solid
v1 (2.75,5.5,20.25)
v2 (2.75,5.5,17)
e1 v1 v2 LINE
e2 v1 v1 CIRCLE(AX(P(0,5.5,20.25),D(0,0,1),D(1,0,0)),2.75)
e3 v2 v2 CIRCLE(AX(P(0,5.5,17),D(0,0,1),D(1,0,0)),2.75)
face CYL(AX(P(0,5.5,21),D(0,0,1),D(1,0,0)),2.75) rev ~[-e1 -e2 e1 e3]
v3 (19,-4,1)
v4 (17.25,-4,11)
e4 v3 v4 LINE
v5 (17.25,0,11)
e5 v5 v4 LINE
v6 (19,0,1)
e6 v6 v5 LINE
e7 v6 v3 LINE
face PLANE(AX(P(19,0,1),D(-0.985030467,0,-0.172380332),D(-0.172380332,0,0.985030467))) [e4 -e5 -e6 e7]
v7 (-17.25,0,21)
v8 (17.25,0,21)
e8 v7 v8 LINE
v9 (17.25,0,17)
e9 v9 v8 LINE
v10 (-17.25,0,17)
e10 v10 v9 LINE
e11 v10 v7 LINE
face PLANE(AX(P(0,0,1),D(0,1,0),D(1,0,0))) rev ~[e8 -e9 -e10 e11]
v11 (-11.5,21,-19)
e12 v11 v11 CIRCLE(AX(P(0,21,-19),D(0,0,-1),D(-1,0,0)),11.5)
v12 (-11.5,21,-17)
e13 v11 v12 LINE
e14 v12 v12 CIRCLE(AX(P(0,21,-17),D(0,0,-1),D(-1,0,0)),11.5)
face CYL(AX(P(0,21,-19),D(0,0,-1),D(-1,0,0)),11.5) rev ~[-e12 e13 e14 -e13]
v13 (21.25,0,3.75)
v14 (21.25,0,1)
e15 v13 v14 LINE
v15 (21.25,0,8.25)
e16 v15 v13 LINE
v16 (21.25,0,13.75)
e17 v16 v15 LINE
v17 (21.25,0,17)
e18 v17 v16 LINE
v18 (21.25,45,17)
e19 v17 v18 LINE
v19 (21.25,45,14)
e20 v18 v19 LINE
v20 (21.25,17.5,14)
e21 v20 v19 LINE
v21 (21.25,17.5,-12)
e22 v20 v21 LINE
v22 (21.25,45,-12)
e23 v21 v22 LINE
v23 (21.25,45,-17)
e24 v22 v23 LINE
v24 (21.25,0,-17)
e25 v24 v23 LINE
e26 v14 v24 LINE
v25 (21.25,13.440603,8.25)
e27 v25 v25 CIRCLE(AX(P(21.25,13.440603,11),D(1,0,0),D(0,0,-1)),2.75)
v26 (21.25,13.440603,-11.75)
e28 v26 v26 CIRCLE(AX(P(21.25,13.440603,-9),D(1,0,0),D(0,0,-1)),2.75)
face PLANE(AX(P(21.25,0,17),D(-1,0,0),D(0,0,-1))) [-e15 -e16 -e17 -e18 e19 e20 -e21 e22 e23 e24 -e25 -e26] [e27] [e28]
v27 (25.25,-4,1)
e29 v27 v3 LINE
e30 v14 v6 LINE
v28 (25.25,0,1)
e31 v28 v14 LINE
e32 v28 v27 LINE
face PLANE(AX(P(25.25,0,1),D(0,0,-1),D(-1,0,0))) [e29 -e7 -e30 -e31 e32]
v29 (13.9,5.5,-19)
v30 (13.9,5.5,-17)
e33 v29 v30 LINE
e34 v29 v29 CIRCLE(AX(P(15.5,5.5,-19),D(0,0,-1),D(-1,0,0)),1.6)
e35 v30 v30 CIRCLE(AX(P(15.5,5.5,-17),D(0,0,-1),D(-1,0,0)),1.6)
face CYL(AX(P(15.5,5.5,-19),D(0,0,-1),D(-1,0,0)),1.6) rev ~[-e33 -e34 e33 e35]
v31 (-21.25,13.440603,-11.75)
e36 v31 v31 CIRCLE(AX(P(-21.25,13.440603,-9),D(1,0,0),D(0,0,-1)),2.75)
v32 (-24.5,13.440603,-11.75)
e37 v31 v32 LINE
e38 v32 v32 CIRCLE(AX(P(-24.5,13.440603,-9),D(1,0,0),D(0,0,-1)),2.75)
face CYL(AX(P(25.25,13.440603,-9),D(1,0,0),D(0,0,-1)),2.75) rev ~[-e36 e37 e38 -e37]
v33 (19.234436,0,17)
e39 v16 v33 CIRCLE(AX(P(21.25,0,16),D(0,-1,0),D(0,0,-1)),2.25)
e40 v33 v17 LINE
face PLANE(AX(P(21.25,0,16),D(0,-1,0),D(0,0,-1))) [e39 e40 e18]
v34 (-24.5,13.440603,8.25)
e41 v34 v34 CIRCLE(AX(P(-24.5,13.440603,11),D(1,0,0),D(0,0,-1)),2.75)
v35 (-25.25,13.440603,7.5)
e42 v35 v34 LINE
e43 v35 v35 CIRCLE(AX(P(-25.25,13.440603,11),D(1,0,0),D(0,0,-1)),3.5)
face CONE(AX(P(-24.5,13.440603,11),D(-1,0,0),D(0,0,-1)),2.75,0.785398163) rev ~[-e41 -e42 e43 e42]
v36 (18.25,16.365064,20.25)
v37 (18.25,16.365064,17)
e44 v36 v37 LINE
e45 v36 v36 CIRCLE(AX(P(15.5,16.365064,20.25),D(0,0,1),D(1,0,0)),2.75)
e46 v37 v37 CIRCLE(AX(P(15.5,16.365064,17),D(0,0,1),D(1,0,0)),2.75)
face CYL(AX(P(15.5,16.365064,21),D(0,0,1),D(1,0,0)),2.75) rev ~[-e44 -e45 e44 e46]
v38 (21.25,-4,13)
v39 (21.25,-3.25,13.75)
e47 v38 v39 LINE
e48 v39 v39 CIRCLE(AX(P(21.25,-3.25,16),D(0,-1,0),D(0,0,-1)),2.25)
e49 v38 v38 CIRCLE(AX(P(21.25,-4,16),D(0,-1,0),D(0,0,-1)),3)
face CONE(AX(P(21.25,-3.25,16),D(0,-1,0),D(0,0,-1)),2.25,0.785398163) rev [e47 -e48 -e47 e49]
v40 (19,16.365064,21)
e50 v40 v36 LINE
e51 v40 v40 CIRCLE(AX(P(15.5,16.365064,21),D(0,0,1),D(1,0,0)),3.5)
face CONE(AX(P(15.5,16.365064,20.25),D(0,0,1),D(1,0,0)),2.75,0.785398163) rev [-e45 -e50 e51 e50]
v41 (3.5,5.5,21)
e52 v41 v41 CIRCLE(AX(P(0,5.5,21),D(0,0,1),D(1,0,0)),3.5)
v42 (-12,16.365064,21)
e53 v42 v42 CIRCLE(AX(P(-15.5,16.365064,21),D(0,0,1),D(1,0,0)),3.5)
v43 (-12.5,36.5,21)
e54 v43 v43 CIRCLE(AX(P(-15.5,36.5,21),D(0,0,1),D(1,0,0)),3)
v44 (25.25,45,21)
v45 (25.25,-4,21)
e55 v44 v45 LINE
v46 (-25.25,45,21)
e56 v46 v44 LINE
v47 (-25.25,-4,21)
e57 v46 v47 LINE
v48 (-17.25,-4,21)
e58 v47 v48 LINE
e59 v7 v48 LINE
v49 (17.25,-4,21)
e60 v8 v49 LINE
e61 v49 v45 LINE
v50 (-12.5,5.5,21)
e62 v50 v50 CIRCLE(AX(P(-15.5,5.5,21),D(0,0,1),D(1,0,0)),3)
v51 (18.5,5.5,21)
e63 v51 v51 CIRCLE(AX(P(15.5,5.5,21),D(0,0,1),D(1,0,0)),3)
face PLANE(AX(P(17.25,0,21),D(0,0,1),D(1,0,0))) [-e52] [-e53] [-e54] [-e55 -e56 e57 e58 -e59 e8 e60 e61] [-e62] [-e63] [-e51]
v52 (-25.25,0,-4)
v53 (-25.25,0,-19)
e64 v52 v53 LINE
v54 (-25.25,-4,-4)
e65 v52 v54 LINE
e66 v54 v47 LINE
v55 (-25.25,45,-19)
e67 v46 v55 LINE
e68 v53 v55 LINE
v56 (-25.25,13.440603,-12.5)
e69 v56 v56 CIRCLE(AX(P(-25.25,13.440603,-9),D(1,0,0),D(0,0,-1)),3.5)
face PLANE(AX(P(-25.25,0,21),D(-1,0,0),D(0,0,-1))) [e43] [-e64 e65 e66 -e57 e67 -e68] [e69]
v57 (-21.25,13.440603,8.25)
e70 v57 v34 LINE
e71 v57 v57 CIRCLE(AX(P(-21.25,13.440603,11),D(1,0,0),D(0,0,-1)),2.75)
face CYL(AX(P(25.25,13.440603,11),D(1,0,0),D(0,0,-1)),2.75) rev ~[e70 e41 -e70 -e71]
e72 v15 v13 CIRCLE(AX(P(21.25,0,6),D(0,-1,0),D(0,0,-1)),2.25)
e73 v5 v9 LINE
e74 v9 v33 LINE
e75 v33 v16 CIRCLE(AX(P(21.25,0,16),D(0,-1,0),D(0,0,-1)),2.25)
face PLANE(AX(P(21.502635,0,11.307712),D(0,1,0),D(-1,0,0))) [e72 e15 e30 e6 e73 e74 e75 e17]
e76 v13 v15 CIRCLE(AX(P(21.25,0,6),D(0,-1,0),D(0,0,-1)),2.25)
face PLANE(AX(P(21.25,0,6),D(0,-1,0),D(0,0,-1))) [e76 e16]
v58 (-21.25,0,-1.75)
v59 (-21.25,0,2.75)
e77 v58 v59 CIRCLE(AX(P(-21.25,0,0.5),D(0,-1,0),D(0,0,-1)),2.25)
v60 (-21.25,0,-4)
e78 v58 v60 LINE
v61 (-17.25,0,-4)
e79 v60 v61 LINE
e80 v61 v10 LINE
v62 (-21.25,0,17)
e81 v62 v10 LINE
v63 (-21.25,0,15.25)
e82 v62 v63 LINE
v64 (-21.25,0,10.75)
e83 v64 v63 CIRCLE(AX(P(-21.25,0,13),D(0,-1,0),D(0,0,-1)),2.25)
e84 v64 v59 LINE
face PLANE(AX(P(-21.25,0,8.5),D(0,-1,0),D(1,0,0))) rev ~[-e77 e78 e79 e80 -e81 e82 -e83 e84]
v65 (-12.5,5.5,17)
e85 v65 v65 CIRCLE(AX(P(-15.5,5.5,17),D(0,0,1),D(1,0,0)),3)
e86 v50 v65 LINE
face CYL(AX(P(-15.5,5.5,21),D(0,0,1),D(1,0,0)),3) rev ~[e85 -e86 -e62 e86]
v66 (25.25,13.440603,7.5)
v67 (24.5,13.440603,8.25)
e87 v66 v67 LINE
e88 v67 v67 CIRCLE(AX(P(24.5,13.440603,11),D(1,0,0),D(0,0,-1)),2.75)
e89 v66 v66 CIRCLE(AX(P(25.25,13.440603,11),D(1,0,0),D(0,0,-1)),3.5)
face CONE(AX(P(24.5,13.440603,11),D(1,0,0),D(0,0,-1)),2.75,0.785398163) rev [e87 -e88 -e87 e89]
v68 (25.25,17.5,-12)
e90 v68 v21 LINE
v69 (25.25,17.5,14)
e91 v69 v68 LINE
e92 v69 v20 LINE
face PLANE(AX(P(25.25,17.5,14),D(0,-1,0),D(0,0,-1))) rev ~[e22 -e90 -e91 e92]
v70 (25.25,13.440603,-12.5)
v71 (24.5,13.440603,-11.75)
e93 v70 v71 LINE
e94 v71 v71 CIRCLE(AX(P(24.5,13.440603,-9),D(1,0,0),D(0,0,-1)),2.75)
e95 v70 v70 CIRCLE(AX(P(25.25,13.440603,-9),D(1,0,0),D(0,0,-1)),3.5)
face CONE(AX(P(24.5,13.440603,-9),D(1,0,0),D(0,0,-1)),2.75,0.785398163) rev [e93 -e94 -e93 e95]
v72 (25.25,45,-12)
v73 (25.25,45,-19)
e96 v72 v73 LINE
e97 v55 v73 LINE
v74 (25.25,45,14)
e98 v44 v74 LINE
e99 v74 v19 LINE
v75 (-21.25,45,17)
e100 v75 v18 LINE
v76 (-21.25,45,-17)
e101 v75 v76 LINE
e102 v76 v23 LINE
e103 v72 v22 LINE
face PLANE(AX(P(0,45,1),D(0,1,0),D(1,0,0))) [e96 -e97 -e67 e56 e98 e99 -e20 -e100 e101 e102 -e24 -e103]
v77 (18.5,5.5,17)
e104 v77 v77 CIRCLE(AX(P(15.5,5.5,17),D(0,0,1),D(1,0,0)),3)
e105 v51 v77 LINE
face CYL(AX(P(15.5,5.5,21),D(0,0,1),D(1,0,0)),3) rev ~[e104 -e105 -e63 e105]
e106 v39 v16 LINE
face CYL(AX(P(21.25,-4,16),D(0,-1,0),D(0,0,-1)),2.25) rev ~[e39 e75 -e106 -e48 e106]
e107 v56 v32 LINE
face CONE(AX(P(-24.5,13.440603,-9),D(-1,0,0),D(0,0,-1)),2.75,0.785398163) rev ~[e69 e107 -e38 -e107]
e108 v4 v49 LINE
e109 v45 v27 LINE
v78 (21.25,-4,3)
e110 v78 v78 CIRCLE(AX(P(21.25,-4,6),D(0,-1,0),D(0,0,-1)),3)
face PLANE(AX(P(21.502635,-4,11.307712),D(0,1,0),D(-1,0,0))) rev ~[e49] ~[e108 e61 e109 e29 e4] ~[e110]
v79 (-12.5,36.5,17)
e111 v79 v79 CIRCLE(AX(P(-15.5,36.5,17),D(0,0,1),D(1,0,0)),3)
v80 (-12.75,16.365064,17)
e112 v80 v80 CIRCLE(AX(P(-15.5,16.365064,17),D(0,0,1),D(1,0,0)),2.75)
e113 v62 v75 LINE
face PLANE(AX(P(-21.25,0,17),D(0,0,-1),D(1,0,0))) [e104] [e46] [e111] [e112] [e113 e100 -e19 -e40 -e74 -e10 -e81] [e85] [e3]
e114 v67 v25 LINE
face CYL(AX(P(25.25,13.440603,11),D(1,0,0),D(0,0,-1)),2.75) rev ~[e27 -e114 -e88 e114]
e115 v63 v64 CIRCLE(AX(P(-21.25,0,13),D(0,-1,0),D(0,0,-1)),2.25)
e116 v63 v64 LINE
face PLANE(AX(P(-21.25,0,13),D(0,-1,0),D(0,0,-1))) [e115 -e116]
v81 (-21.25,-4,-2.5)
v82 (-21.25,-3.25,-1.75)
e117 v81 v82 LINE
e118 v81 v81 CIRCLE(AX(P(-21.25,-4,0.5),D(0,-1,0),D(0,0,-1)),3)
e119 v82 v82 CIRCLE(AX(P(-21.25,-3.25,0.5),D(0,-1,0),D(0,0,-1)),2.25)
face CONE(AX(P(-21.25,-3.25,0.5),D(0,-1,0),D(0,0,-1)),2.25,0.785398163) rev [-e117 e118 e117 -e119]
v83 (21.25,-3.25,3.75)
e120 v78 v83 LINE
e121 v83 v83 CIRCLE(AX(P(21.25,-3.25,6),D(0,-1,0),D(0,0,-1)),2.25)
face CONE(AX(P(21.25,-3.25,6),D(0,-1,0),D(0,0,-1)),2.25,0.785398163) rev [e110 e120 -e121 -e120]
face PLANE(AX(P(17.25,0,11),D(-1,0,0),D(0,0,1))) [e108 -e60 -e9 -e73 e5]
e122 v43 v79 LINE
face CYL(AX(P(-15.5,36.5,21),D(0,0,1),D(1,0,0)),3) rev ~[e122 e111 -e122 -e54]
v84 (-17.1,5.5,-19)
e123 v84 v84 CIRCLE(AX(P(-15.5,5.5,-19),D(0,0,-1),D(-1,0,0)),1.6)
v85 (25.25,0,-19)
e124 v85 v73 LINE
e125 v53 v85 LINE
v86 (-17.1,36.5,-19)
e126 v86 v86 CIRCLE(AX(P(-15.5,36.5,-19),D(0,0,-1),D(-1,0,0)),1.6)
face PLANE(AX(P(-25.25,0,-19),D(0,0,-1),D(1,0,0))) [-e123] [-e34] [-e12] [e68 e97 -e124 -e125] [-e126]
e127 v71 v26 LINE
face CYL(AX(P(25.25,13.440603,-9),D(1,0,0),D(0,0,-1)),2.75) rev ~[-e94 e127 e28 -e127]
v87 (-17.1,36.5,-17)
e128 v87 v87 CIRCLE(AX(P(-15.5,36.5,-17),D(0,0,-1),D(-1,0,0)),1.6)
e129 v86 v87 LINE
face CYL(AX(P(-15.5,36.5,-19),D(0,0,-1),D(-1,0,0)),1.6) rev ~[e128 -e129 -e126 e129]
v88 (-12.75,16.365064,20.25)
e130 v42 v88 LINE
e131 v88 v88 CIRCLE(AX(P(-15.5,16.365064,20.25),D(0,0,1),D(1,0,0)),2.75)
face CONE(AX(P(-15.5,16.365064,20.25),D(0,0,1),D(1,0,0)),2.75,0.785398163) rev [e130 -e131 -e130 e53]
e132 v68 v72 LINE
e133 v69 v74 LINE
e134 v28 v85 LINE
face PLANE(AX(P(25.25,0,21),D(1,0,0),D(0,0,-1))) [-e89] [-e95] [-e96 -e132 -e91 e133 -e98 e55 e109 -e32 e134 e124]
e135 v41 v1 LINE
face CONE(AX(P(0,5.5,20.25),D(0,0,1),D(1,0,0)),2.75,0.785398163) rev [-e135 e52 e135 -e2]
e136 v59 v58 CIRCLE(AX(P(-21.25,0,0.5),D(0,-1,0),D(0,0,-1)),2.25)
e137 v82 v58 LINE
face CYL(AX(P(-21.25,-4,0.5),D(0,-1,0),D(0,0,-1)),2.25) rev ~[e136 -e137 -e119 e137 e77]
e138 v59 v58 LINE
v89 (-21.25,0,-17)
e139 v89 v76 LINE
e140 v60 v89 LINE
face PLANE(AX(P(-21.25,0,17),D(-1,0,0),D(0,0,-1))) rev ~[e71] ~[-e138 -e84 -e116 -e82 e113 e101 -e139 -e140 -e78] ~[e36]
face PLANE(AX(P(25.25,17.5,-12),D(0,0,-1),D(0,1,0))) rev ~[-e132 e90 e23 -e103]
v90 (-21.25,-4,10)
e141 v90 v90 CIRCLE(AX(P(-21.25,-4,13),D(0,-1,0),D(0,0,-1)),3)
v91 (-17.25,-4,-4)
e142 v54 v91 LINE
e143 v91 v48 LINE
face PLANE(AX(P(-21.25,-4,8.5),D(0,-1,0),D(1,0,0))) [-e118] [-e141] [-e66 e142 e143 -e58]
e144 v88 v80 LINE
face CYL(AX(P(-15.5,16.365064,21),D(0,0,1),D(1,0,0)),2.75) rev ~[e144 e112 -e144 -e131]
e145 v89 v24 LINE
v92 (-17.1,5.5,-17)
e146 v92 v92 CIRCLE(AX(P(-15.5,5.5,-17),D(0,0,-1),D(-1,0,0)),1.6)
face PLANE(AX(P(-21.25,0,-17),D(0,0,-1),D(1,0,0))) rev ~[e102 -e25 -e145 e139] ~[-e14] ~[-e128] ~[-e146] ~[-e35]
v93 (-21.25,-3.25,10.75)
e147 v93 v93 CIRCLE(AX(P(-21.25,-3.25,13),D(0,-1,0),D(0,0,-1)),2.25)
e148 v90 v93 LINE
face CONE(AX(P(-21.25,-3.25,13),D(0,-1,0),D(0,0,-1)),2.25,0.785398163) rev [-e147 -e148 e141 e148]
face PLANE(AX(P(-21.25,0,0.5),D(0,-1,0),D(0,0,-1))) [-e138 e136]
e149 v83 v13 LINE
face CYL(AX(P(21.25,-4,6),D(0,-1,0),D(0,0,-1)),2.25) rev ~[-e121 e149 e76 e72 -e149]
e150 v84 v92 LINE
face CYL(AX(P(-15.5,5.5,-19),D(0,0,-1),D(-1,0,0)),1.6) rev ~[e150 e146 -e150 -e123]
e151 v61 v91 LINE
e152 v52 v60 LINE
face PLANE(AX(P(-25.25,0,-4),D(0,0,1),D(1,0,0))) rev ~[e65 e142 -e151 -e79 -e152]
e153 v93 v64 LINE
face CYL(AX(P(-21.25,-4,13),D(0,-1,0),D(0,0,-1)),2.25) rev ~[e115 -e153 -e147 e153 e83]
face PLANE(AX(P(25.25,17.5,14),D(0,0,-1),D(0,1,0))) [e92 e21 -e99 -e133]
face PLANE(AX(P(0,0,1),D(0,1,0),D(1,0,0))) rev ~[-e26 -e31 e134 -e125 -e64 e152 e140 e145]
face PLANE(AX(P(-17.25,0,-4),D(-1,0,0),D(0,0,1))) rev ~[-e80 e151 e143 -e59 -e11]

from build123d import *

# Parameters (mm, degrees)
SKETCH2_W           = 50.5
SKETCH2_H           = 40
SKETCH2_W_2         = 42.5
SKETCH2_H_2         = 34
BOSS_EXTRUDE1_DEPTH = 45
CUT_EXTRUDE1_REACH  = 72.825
SKETCH3_W           = 26
SKETCH3_H           = 27.5
CUT_EXTRUDE2_REACH  = 67.288
SKETCH4_R           = 11.5
SKETCH4_R_2         = 1.6
CUT_EXTRUDE3_REACH  = 67.288
SKETCH5_R           = 3
CUT_EXTRUDE4_REACH  = 67.288
SKETCH6_R           = 2.75
SKETCH7_R           = 2.75
CUT_EXTRUDE5_DEPTH  = 71.825489762
SKETCH8_W           = 8
SKETCH8_H           = 25
BOSS_EXTRUDE2_DEPTH = 4
SKETCH9_R           = 2.25
CUT_EXTRUDE6_DEPTH  = 4
CHAMFER1_SIZE       = 0.75


with BuildPart() as part:
    # Sketch2 → Boss-Extrude1 (new body)
    with BuildSketch(Plane(origin=(0, 0, 0), x_dir=(1, 0, 0), z_dir=(0, 1, 0))):
        with Locations((0, -1)):
            Rectangle(SKETCH2_W, SKETCH2_H)
        Rectangle(SKETCH2_W_2, SKETCH2_H_2, mode=Mode.SUBTRACT)
    extrude(amount=BOSS_EXTRUDE1_DEPTH)

    # Sketch3 → Cut-Extrude1 (cut, up to next)
    with BuildSketch(Plane(origin=(25.25, 0, 0), x_dir=(0, 0, -1), z_dir=(1, 0, 0)), mode=Mode.PRIVATE) as cut_extrude1_sk1:
        with Locations((-1, 31.25)):
            Rectangle(SKETCH3_W, SKETCH3_H)
    cut_extrude1_tool1 = extrude(cut_extrude1_sk1.sketch, amount=-CUT_EXTRUDE1_REACH, mode=Mode.PRIVATE) & part.part
    add(cut_extrude1_tool1.solids().sort_by_distance((25.25, 31.25, 1))[0], mode=Mode.SUBTRACT)

    # Sketch4 → Cut-Extrude2 (cut, up to next)
    with BuildSketch(Plane(origin=(0, 0, -19), x_dir=(-1, 0, 0), z_dir=(0, 0, -1)), mode=Mode.PRIVATE) as cut_extrude2_sk1:
        with Locations((0, 21)):
            Circle(SKETCH4_R)
    cut_extrude2_tool1 = extrude(cut_extrude2_sk1.sketch, amount=-CUT_EXTRUDE2_REACH, mode=Mode.PRIVATE) & part.part
    # Sketch4 → Cut-Extrude2 (cut, up to next)
    with BuildSketch(Plane(origin=(0, 0, -19), x_dir=(-1, 0, 0), z_dir=(0, 0, -1)), mode=Mode.PRIVATE) as cut_extrude2_sk2:
        with Locations((-15.5, 5.5)):
            Circle(SKETCH4_R_2)
    cut_extrude2_tool2 = extrude(cut_extrude2_sk2.sketch, amount=-CUT_EXTRUDE2_REACH, mode=Mode.PRIVATE) & part.part
    # Sketch4 → Cut-Extrude2 (cut, up to next)
    with BuildSketch(Plane(origin=(0, 0, -19), x_dir=(-1, 0, 0), z_dir=(0, 0, -1)), mode=Mode.PRIVATE) as cut_extrude2_sk3:
        with Locations((15.5, 5.5)):
            Circle(SKETCH4_R_2)
    cut_extrude2_tool3 = extrude(cut_extrude2_sk3.sketch, amount=-CUT_EXTRUDE2_REACH, mode=Mode.PRIVATE) & part.part
    # Sketch4 → Cut-Extrude2 (cut, up to next)
    with BuildSketch(Plane(origin=(0, 0, -19), x_dir=(-1, 0, 0), z_dir=(0, 0, -1)), mode=Mode.PRIVATE) as cut_extrude2_sk4:
        with Locations((15.5, 36.5)):
            Circle(SKETCH4_R_2)
    cut_extrude2_tool4 = extrude(cut_extrude2_sk4.sketch, amount=-CUT_EXTRUDE2_REACH, mode=Mode.PRIVATE) & part.part
    add(cut_extrude2_tool1.solids().sort_by_distance((0, 21, -19))[0], mode=Mode.SUBTRACT)
    add(cut_extrude2_tool2.solids().sort_by_distance((15.5, 5.5, -19))[0], mode=Mode.SUBTRACT)
    add(cut_extrude2_tool3.solids().sort_by_distance((-15.5, 5.5, -19))[0], mode=Mode.SUBTRACT)
    add(cut_extrude2_tool4.solids().sort_by_distance((-15.5, 36.5, -19))[0], mode=Mode.SUBTRACT)

    # Sketch5 → Cut-Extrude3 (cut, up to next)
    with BuildSketch(Plane.XY.offset(21), mode=Mode.PRIVATE) as cut_extrude3_sk1:
        with Locations((-15.5, 36.5)):
            Circle(SKETCH5_R)
    cut_extrude3_tool1 = extrude(cut_extrude3_sk1.sketch, amount=-CUT_EXTRUDE3_REACH, mode=Mode.PRIVATE) & part.part
    # Sketch5 → Cut-Extrude3 (cut, up to next)
    with BuildSketch(Plane.XY.offset(21), mode=Mode.PRIVATE) as cut_extrude3_sk2:
        with Locations((-15.5, 5.5)):
            Circle(SKETCH5_R)
    cut_extrude3_tool2 = extrude(cut_extrude3_sk2.sketch, amount=-CUT_EXTRUDE3_REACH, mode=Mode.PRIVATE) & part.part
    # Sketch5 → Cut-Extrude3 (cut, up to next)
    with BuildSketch(Plane.XY.offset(21), mode=Mode.PRIVATE) as cut_extrude3_sk3:
        with Locations((15.5, 5.5)):
            Circle(SKETCH5_R)
    cut_extrude3_tool3 = extrude(cut_extrude3_sk3.sketch, amount=-CUT_EXTRUDE3_REACH, mode=Mode.PRIVATE) & part.part
    add(cut_extrude3_tool1.solids().sort_by_distance((-15.5, 36.5, 21))[0], mode=Mode.SUBTRACT)
    add(cut_extrude3_tool2.solids().sort_by_distance((-15.5, 5.5, 21))[0], mode=Mode.SUBTRACT)
    add(cut_extrude3_tool3.solids().sort_by_distance((15.5, 5.5, 21))[0], mode=Mode.SUBTRACT)

    # Sketch6 → Cut-Extrude4 (cut, up to next)
    with BuildSketch(Plane.XY.offset(21), mode=Mode.PRIVATE) as cut_extrude4_sk1:
        with Locations((-15.5, 16.365063509)):
            Circle(SKETCH6_R)
    cut_extrude4_tool1 = extrude(cut_extrude4_sk1.sketch, amount=-CUT_EXTRUDE4_REACH, mode=Mode.PRIVATE) & part.part
    # Sketch6 → Cut-Extrude4 (cut, up to next)
    with BuildSketch(Plane.XY.offset(21), mode=Mode.PRIVATE) as cut_extrude4_sk2:
        with Locations((0, 5.5)):
            Circle(SKETCH6_R)
    cut_extrude4_tool2 = extrude(cut_extrude4_sk2.sketch, amount=-CUT_EXTRUDE4_REACH, mode=Mode.PRIVATE) & part.part
    # Sketch6 → Cut-Extrude4 (cut, up to next)
    with BuildSketch(Plane.XY.offset(21), mode=Mode.PRIVATE) as cut_extrude4_sk3:
        with Locations((15.5, 16.365063509)):
            Circle(SKETCH6_R)
    cut_extrude4_tool3 = extrude(cut_extrude4_sk3.sketch, amount=-CUT_EXTRUDE4_REACH, mode=Mode.PRIVATE) & part.part
    add(cut_extrude4_tool1.solids().sort_by_distance((-15.5, 16.365064, 21))[0], mode=Mode.SUBTRACT)
    add(cut_extrude4_tool2.solids().sort_by_distance((0, 5.5, 21))[0], mode=Mode.SUBTRACT)
    add(cut_extrude4_tool3.solids().sort_by_distance((15.5, 16.365064, 21))[0], mode=Mode.SUBTRACT)

    # Sketch7 → Cut-Extrude5 (cut, through all)
    with BuildSketch(Plane(origin=(25.25, 0, 0), x_dir=(0, 0, -1), z_dir=(1, 0, 0))):
        with Locations((-11, 13.440603491)):
            Circle(SKETCH7_R)
        with Locations((9, 13.440603491)):
            Circle(SKETCH7_R)
    extrude(amount=-CUT_EXTRUDE5_DEPTH, mode=Mode.SUBTRACT)

    # Sketch8 → Boss-Extrude2 (add)
    with BuildSketch(Plane.XZ):
        Polygon((19, 1), (17.25, 11), (17.25, 21), (25.25, 21), (25.25, 1), align=None)
        with Locations((-21.25, 8.5)):
            Rectangle(SKETCH8_W, SKETCH8_H)
    extrude(amount=BOSS_EXTRUDE2_DEPTH)

    # Sketch9 → Cut-Extrude6 (cut)
    with BuildSketch(Plane.XZ.offset(4)):
        with Locations(Location((-21.25, 13, 0), (0, 0, 270))):
            Circle(SKETCH9_R)
        with Locations(Location((-21.25, 0.5, 0), (0, 0, 270))):
            Circle(SKETCH9_R)
        with Locations(Location((21.25, 6, 0), (0, 0, 270))):
            Circle(SKETCH9_R)
        with Locations(Location((21.25, 16, 0), (0, 0, 270))):
            Circle(SKETCH9_R)
    extrude(amount=-CUT_EXTRUDE6_DEPTH, mode=Mode.SUBTRACT)

    # Chamfer1
    chamfer1_edges = [part.edges().sort_by_distance(p)[0] for p in [
        (21.25, -4, 18.25),
        (21.25, -4, 8.25),
        (-21.25, -4, 2.75),
        (-21.25, -4, 15.25),
        (-18.25, 16.365063509, 21),
        (-2.75, 5.5, 21),
        (12.75, 16.365063509, 21),
        (-25.25, 13.440603491, 13.75),
        (25.25, 13.440603491, 13.75),
        (-25.25, 13.440603491, -6.25),
        (25.25, 13.440603491, -6.25),
    ]]
    chamfer(chamfer1_edges, length=CHAMFER1_SIZE)


solid = part.part
